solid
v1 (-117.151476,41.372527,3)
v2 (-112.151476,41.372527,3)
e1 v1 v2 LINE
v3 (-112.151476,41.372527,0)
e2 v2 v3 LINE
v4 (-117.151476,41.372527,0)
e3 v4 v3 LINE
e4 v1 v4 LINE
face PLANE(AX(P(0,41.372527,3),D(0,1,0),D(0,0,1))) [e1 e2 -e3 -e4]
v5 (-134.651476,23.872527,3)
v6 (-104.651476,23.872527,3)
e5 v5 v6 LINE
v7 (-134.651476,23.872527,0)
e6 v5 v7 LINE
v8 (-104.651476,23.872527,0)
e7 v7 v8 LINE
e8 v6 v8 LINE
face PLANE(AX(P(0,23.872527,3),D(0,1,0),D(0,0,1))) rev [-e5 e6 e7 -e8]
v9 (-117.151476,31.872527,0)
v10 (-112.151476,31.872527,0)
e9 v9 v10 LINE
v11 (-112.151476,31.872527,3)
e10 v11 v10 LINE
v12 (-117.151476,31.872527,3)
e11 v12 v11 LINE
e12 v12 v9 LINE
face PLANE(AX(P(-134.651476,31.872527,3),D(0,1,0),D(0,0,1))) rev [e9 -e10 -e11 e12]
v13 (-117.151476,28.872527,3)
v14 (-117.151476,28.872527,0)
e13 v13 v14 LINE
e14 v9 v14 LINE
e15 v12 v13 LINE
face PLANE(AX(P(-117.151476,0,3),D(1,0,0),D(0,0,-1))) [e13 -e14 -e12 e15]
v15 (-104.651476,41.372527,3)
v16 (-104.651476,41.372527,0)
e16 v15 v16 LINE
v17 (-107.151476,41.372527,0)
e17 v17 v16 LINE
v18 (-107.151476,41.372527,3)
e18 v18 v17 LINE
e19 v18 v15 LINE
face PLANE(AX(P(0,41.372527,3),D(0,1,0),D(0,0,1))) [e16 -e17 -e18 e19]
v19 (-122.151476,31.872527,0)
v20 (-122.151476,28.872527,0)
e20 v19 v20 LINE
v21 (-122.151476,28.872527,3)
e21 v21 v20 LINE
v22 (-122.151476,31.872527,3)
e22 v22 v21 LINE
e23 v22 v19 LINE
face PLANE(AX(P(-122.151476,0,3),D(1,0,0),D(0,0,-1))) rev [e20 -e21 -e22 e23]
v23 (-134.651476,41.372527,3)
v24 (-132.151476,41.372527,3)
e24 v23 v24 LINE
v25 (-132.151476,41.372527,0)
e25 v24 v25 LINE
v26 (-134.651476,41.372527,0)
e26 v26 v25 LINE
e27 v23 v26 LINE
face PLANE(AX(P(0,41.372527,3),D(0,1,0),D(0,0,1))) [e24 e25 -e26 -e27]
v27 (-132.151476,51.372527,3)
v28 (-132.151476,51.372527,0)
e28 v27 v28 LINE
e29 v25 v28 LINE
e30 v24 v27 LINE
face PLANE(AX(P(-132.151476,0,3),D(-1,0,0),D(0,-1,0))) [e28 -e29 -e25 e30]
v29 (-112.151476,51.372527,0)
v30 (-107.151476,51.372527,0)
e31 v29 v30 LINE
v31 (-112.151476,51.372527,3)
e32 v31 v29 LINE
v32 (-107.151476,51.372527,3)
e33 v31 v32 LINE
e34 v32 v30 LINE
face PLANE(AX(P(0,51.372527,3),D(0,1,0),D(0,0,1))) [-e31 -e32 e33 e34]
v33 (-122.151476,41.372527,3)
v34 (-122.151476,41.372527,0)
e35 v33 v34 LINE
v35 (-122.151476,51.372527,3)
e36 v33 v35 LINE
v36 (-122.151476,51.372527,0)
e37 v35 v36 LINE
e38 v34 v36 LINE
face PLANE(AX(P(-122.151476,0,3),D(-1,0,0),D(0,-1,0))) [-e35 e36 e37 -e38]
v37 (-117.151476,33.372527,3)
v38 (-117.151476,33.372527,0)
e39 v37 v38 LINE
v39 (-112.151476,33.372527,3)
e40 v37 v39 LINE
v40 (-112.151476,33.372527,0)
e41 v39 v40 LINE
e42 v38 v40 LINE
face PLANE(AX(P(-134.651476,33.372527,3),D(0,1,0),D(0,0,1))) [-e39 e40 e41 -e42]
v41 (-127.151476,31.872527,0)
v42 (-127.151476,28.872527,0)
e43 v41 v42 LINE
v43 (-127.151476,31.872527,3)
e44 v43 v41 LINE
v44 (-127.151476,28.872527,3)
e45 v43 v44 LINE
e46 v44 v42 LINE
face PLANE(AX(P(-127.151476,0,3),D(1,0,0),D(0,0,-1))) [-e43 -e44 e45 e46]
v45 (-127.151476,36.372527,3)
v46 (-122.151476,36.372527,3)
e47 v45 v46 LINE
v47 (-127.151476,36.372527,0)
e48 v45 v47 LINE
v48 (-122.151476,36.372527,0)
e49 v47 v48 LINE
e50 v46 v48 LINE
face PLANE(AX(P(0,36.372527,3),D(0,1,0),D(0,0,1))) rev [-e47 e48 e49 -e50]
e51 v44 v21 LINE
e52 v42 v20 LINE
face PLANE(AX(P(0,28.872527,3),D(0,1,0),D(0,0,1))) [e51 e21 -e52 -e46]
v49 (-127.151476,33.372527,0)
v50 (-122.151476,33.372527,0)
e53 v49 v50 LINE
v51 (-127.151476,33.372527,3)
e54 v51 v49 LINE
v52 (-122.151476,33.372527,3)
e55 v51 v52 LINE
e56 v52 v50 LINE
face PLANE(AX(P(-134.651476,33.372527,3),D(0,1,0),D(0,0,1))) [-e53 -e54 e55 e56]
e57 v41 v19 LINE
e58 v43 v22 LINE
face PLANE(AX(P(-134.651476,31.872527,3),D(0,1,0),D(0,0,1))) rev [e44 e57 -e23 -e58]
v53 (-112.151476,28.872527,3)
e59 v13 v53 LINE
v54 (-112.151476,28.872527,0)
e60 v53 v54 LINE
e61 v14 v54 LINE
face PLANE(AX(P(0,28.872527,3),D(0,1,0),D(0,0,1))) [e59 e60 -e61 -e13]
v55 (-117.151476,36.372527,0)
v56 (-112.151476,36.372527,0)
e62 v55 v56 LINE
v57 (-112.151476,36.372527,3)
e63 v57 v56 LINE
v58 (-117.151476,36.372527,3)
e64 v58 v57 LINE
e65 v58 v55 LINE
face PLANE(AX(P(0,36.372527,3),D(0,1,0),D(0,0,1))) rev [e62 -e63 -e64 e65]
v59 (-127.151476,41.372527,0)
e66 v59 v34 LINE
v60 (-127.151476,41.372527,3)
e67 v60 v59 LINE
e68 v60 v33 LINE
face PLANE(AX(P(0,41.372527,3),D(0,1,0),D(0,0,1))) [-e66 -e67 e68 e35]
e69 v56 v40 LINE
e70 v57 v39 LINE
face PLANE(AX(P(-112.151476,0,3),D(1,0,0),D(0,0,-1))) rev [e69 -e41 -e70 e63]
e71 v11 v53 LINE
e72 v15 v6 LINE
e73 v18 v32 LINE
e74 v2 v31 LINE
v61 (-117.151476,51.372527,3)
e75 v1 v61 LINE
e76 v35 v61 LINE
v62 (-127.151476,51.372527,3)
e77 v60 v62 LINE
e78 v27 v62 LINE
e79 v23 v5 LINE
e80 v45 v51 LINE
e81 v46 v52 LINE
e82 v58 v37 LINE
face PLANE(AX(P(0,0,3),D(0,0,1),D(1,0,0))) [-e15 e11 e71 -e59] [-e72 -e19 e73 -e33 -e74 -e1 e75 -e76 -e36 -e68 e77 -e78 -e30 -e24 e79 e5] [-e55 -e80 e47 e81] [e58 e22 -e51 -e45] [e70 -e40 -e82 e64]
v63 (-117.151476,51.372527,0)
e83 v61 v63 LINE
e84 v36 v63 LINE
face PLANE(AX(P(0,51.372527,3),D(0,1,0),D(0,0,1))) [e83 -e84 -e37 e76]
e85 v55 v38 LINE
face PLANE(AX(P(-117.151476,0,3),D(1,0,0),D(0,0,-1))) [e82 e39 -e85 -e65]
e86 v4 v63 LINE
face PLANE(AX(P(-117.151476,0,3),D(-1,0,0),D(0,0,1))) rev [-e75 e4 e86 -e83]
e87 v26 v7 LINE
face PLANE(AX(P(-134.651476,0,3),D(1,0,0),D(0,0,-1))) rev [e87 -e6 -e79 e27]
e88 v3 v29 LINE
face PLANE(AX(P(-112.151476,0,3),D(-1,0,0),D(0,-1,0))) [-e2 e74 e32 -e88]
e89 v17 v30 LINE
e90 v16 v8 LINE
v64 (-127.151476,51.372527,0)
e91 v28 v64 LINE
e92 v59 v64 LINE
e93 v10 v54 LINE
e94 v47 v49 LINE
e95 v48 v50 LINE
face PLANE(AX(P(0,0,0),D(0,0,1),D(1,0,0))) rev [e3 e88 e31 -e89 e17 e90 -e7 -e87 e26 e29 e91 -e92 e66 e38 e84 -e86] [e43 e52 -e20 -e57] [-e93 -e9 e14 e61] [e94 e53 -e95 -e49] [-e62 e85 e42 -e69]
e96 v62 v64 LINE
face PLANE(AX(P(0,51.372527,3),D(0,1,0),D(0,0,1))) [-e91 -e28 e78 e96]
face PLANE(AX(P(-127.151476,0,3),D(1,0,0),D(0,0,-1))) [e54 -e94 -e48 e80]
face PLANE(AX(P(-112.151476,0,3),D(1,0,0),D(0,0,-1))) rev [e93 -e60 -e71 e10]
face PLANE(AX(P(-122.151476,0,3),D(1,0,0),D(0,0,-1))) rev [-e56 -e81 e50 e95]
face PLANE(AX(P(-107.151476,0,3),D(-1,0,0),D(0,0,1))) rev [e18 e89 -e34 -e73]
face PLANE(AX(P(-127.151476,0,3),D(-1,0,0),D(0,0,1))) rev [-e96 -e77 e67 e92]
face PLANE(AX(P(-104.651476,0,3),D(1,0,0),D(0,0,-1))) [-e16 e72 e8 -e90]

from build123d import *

# Parameters (mm, degrees)
ESQUISSE1_W        = 5
ESQUISSE1_H        = 3
BOSS_EXTRU_1_DEPTH = 3
ESQUISSE2_W        = 2.5
ESQUISSE2_H        = 7.5
BOSS_EXTRU_2_DEPTH = 3


with BuildPart() as part:
    # Esquisse1 → Boss.-Extru.1 (new body)
    with BuildSketch(Plane.XY):
        Polygon((-117.151475887, 41.372526747), (-117.151475887, 51.372526747), (-122.151475887, 51.372526747), (-122.151475887, 41.372526747), (-127.151475887, 41.372526747), (-127.151475887, 51.372526747), (-132.151475887, 51.372526747), (-132.151475887, 41.372526747), (-134.651475887, 41.372526747), (-134.651475887, 36.372526747), (-132.151475887, 36.372526747), (-132.151475887, 33.372526747), (-134.651475887, 33.372526747), (-134.651475887, 31.872526747), (-132.151475887, 31.872526747), (-132.151475887, 28.872526747), (-134.651475887, 28.872526747), (-134.651475887, 23.872526747), (-104.651475887, 23.872526747), (-104.651475887, 28.872526747), (-107.151475887, 28.872526747), (-107.151475887, 31.872526747), (-104.651475887, 31.872526747), (-104.651475887, 33.372526747), (-107.151475887, 33.372526747), (-107.151475887, 36.372526747), (-104.651475887, 36.372526747), (-104.651475887, 41.372526747), (-107.151475887, 41.372526747), (-107.151475887, 51.372526747), (-112.151475887, 51.372526747), (-112.151475887, 41.372526747), align=None)
        with Locations((-114.651475887, 30.372526747)):
            Rectangle(ESQUISSE1_W, ESQUISSE1_H, mode=Mode.SUBTRACT)
        with Locations((-124.651475887, 30.372526747)):
            Rectangle(ESQUISSE1_W, ESQUISSE1_H, mode=Mode.SUBTRACT)
        with Locations((-114.651475887, 34.872526747)):
            Rectangle(ESQUISSE1_W, ESQUISSE1_H, mode=Mode.SUBTRACT)
        with Locations((-124.651475887, 34.872526747)):
            Rectangle(ESQUISSE1_W, ESQUISSE1_H, mode=Mode.SUBTRACT)
    extrude(amount=BOSS_EXTRU_1_DEPTH)

    # Esquisse2 → Boss.-Extru.2 (add)
    with BuildSketch(Plane(origin=(0, 0, 0), x_dir=(-1, 0, 0), z_dir=(0, 0, -1))):
        with Locations((133.401475887, 32.622526747)):
            Rectangle(ESQUISSE2_W, ESQUISSE2_H)
        with Locations((105.901475887, 32.622526747)):
            Rectangle(ESQUISSE2_W, ESQUISSE2_H)
    extrude(amount=-BOSS_EXTRU_2_DEPTH)


solid = part.part
